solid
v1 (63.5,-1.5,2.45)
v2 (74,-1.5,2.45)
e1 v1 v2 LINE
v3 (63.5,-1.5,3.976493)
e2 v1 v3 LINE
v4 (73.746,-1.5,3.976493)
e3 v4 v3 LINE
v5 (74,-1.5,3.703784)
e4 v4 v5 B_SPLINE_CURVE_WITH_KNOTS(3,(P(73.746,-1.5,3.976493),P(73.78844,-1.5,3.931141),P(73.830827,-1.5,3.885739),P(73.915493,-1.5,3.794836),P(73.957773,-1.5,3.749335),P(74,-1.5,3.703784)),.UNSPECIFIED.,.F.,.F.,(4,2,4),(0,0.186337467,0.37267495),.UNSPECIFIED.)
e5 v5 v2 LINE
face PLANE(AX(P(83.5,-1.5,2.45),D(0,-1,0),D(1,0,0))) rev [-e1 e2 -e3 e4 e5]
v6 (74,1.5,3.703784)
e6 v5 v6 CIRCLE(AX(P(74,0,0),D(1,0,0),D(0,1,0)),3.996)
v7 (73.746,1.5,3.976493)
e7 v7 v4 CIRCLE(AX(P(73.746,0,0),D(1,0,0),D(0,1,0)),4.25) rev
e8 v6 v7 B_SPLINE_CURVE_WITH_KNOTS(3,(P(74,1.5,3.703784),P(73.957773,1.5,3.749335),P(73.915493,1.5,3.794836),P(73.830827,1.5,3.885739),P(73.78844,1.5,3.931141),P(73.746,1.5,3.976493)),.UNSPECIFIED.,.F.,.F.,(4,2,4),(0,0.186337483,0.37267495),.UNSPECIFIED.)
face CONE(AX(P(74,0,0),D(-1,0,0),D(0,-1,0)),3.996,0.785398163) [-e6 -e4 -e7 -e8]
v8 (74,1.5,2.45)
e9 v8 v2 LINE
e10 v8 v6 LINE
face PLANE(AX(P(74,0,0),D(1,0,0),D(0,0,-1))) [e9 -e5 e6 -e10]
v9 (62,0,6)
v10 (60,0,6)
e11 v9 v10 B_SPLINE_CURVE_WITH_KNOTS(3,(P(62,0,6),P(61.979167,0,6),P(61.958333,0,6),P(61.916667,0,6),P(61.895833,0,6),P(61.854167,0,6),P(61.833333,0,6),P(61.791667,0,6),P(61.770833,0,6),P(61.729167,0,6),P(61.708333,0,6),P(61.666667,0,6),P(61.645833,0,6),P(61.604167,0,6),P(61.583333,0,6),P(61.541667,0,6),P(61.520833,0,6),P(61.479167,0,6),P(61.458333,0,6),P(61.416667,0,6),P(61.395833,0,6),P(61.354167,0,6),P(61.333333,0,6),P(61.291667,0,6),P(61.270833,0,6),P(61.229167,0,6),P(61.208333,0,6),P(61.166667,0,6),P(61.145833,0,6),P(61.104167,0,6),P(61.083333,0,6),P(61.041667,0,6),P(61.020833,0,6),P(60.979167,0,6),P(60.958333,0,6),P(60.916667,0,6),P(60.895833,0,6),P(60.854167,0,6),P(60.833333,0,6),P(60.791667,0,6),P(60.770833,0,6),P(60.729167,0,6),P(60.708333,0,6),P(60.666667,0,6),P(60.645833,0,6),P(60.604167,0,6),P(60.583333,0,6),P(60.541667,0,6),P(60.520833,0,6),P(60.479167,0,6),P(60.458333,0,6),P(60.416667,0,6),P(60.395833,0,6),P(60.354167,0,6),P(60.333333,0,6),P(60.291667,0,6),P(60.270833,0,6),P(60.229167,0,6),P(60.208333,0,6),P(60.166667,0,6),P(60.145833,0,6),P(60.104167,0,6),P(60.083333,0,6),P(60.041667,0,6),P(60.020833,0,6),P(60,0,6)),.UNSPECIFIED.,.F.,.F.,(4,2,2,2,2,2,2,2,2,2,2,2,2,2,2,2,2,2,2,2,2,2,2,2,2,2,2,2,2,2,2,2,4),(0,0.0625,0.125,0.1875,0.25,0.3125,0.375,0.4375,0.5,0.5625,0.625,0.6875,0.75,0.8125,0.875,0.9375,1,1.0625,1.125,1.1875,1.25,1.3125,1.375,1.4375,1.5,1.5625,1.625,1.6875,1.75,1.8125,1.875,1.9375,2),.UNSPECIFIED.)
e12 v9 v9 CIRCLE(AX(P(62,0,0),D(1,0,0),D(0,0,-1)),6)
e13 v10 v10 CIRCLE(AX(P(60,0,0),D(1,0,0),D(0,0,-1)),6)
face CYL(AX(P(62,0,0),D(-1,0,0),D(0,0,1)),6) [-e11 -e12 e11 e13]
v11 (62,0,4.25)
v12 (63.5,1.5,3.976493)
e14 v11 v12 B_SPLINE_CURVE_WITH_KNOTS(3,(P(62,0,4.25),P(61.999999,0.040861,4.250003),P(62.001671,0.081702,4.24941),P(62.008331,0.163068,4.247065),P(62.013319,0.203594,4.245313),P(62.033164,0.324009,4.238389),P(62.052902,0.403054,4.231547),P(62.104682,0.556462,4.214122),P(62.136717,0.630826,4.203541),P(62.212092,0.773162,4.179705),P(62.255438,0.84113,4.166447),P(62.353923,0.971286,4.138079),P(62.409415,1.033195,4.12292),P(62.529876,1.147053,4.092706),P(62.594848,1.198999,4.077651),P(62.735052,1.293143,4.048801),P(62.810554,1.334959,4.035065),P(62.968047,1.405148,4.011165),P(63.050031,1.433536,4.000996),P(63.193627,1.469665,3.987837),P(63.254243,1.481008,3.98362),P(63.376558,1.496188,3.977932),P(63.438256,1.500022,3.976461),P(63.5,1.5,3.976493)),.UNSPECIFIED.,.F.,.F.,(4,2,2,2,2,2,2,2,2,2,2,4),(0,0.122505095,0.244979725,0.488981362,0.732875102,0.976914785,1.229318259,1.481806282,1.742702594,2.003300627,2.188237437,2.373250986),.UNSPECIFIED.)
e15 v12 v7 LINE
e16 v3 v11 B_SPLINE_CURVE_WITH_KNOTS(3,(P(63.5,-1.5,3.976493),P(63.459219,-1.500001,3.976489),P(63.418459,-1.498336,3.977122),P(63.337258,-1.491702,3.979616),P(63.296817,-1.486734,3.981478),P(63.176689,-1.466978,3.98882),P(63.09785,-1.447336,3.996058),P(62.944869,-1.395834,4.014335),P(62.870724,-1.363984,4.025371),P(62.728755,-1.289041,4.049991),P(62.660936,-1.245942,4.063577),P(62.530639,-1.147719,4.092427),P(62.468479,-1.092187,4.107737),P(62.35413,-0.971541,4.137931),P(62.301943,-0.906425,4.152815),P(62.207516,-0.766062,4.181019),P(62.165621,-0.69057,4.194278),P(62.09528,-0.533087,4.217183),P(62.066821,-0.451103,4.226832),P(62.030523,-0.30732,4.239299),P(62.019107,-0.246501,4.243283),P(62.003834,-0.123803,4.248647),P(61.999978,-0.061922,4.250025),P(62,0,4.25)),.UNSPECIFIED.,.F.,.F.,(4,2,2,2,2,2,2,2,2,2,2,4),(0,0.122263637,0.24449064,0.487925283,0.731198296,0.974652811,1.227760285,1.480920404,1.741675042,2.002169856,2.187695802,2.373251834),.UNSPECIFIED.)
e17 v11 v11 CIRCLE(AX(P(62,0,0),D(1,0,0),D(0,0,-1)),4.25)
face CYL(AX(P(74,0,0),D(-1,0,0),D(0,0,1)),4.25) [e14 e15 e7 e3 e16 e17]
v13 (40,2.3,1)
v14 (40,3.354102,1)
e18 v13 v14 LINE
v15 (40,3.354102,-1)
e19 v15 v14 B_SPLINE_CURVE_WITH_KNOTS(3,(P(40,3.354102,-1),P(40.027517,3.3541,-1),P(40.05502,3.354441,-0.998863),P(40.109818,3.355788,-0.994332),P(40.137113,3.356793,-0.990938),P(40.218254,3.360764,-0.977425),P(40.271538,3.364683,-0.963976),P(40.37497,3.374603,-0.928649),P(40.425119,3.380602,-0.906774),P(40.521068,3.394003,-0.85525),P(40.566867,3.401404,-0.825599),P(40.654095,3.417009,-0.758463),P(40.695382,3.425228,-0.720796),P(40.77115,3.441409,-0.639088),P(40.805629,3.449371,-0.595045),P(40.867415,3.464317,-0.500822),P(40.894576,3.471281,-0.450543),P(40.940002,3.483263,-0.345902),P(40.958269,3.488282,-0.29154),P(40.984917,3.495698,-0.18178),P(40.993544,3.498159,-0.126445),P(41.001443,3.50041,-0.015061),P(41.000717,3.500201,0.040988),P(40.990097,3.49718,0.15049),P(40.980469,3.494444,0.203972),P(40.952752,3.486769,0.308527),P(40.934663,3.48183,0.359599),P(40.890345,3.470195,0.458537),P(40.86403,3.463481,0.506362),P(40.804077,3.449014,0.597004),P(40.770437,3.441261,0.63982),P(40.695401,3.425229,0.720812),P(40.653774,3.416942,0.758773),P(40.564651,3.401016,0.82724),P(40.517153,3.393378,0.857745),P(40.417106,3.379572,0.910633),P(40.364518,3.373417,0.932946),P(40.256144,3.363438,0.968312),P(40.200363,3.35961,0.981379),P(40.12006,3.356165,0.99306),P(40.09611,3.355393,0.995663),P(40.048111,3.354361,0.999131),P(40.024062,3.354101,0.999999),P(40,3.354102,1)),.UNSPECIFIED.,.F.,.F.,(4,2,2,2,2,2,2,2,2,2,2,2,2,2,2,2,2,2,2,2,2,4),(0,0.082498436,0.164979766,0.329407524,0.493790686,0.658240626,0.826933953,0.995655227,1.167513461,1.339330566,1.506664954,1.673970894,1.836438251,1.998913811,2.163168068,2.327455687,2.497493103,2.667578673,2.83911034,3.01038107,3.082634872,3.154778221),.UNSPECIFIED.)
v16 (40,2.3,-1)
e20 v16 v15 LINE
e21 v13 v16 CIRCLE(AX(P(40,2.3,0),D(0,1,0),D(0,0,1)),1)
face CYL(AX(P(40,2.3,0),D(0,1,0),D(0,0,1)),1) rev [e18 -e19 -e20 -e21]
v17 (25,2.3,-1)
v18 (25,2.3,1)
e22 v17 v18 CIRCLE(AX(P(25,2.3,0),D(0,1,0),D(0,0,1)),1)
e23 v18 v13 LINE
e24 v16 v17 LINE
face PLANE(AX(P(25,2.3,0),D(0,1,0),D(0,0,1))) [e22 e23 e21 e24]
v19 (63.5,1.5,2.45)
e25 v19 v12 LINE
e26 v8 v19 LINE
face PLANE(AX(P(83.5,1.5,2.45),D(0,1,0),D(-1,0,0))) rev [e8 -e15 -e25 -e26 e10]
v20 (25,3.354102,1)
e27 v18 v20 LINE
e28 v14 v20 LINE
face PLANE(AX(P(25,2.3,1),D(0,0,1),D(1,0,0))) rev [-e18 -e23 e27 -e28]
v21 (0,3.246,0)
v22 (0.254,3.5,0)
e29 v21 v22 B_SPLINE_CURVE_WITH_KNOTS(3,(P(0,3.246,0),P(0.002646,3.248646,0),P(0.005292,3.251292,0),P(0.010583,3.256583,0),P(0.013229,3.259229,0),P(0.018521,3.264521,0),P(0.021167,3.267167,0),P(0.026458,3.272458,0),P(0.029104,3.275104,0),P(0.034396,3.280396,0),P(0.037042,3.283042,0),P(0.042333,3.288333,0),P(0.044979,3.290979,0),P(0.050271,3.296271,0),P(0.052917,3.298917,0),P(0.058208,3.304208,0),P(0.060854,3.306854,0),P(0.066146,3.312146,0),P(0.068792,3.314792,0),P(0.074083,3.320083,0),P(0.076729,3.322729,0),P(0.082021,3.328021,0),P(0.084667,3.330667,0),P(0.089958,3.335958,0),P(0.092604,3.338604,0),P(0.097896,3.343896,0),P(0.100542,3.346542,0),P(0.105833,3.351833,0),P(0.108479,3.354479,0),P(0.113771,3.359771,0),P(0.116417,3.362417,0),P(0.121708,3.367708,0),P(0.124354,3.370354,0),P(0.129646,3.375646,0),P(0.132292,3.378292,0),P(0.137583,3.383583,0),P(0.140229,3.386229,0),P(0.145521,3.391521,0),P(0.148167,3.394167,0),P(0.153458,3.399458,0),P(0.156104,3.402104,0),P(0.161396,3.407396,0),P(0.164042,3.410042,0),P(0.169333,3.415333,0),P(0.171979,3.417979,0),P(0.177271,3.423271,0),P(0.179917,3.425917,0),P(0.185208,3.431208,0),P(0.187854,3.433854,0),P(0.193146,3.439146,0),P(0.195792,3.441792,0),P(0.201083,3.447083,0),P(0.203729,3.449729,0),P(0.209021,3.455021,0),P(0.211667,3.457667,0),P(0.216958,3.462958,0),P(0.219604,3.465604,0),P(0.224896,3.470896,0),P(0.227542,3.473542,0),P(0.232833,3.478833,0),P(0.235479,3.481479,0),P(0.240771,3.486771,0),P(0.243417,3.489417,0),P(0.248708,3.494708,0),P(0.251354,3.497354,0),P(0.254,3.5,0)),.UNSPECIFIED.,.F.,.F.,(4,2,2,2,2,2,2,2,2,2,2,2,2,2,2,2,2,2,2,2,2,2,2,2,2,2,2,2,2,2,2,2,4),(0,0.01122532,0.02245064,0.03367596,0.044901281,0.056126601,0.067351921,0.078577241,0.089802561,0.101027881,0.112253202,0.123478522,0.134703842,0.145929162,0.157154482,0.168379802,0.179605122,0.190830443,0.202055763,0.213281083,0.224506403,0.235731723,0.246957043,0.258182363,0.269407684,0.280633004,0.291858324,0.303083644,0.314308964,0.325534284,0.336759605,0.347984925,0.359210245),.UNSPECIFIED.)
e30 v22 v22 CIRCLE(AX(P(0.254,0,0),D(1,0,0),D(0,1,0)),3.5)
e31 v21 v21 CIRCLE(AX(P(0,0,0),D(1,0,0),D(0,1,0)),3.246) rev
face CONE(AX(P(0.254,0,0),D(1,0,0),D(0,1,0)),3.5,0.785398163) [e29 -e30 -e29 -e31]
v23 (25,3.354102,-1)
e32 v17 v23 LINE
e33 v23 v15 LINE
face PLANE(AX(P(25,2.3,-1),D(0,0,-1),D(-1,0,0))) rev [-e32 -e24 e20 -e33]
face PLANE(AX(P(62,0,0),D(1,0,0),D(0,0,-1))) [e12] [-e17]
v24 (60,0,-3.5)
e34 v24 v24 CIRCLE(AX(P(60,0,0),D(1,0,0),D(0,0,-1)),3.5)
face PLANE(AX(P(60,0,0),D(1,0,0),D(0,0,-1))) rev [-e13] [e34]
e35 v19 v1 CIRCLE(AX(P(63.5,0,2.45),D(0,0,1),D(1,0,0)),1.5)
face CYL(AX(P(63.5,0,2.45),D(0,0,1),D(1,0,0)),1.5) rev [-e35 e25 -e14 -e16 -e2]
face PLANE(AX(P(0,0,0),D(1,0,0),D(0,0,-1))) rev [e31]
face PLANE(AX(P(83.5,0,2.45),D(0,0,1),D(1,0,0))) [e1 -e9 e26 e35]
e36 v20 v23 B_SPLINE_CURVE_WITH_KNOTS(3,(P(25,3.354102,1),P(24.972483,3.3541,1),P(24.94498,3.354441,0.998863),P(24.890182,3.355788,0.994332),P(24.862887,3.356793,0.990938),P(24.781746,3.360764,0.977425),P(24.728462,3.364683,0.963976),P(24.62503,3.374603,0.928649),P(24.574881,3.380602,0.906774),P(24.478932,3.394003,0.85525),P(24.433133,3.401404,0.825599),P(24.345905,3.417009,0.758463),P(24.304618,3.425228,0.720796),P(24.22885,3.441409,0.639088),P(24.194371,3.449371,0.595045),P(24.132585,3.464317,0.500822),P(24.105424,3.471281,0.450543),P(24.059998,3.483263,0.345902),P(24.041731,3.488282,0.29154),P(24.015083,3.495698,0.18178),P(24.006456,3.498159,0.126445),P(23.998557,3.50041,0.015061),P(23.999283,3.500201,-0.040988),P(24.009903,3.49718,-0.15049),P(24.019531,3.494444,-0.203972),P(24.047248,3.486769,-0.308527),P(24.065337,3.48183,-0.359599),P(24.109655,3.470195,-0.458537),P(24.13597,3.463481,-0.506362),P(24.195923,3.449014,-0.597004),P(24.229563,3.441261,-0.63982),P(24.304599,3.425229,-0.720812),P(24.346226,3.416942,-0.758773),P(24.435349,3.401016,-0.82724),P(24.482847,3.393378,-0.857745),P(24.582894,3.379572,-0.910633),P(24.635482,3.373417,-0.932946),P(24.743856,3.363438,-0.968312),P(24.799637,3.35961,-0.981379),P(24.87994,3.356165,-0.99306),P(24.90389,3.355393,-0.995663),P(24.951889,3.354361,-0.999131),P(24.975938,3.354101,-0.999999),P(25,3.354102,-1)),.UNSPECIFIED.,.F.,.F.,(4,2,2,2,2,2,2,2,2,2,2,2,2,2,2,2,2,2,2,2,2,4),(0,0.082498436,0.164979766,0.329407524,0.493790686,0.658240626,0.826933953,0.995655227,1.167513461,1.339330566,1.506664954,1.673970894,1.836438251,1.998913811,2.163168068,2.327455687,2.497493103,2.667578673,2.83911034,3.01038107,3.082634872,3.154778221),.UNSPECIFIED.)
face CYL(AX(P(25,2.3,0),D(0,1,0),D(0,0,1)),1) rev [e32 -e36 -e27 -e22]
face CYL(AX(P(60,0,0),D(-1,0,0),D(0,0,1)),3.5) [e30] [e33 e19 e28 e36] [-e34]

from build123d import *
from build123d.topology import SkipClean

# Parameters (mm, degrees)
SKETCH1_R            = 3.5
SHAFT_BOSS_DEPTH     = 60
CUT_2X2_KEYWAY_DEPTH = 1.2
SKETCH3_R            = 6
COLLAR_BOSS_DEPTH    = 2
SKETCH4_R            = 4.25
HANDLE_BOSS_DEPTH    = 12
CUT_3X3_KEYWAY_DEPTH = 1.8
CHAMFER1_SIZE        = 0.254


with BuildPart() as part:
    # Sketch1 → Shaft-Boss (new body)
    with BuildSketch(Plane(origin=(0, 0, 0), x_dir=(0, 0, -1), z_dir=(1, 0, 0))):
        Circle(SKETCH1_R)
    extrude(amount=SHAFT_BOSS_DEPTH)

    # Sketch2 → Cut-2x2 Keyway (cut)
    with BuildSketch(Plane(origin=(0, 3.5, 0), x_dir=(-1, 0, 0), z_dir=(0, 1, 0))):
        with BuildLine():
            Line((-25, -1), (-40, -1))
            ThreePointArc((-40, -1), (-41, 0), (-40, 1))
            Line((-40, 1), (-25, 1))
            ThreePointArc((-25, 1), (-24, 0), (-25, -1))
        make_face()
    extrude(amount=-CUT_2X2_KEYWAY_DEPTH, mode=Mode.SUBTRACT)

    # Sketch3 → Collar-Boss (add)
    with BuildSketch(Plane(origin=(60, 0, 0), x_dir=(0, 0, -1), z_dir=(1, 0, 0))):
        Circle(SKETCH3_R)
    extrude(amount=COLLAR_BOSS_DEPTH)

    # Sketch4 → Handle-Boss (add)
    with BuildSketch(Plane(origin=(62, 0, 0), x_dir=(0, 0, -1), z_dir=(1, 0, 0))):
        Circle(SKETCH4_R)
    extrude(amount=HANDLE_BOSS_DEPTH)

    # Sketch5 → Cut-3x3 Keyway (cut)
    with SkipClean():  # the faces are left unmerged after this step: merging them gives an invalid solid
        with BuildSketch(Plane.XY.offset(4.25)):
            with BuildLine():
                Line((83.5, -1.5), (63.5, -1.5))
                ThreePointArc((63.5, -1.5), (62, 0), (63.5, 1.5))
                Line((63.5, 1.5), (83.5, 1.5))
                ThreePointArc((83.5, 1.5), (85, 0), (83.5, -1.5))
            make_face()
        extrude(amount=-CUT_3X3_KEYWAY_DEPTH, mode=Mode.SUBTRACT)

    # Chamfer1
    chamfer1_edges = [part.edges().sort_by_distance(p)[0] for p in [
        (0, 0, 3.5),
        (74, -4.181064283, -0.7623657),
    ]]
    chamfer(chamfer1_edges, length=CHAMFER1_SIZE)


solid = part.part
